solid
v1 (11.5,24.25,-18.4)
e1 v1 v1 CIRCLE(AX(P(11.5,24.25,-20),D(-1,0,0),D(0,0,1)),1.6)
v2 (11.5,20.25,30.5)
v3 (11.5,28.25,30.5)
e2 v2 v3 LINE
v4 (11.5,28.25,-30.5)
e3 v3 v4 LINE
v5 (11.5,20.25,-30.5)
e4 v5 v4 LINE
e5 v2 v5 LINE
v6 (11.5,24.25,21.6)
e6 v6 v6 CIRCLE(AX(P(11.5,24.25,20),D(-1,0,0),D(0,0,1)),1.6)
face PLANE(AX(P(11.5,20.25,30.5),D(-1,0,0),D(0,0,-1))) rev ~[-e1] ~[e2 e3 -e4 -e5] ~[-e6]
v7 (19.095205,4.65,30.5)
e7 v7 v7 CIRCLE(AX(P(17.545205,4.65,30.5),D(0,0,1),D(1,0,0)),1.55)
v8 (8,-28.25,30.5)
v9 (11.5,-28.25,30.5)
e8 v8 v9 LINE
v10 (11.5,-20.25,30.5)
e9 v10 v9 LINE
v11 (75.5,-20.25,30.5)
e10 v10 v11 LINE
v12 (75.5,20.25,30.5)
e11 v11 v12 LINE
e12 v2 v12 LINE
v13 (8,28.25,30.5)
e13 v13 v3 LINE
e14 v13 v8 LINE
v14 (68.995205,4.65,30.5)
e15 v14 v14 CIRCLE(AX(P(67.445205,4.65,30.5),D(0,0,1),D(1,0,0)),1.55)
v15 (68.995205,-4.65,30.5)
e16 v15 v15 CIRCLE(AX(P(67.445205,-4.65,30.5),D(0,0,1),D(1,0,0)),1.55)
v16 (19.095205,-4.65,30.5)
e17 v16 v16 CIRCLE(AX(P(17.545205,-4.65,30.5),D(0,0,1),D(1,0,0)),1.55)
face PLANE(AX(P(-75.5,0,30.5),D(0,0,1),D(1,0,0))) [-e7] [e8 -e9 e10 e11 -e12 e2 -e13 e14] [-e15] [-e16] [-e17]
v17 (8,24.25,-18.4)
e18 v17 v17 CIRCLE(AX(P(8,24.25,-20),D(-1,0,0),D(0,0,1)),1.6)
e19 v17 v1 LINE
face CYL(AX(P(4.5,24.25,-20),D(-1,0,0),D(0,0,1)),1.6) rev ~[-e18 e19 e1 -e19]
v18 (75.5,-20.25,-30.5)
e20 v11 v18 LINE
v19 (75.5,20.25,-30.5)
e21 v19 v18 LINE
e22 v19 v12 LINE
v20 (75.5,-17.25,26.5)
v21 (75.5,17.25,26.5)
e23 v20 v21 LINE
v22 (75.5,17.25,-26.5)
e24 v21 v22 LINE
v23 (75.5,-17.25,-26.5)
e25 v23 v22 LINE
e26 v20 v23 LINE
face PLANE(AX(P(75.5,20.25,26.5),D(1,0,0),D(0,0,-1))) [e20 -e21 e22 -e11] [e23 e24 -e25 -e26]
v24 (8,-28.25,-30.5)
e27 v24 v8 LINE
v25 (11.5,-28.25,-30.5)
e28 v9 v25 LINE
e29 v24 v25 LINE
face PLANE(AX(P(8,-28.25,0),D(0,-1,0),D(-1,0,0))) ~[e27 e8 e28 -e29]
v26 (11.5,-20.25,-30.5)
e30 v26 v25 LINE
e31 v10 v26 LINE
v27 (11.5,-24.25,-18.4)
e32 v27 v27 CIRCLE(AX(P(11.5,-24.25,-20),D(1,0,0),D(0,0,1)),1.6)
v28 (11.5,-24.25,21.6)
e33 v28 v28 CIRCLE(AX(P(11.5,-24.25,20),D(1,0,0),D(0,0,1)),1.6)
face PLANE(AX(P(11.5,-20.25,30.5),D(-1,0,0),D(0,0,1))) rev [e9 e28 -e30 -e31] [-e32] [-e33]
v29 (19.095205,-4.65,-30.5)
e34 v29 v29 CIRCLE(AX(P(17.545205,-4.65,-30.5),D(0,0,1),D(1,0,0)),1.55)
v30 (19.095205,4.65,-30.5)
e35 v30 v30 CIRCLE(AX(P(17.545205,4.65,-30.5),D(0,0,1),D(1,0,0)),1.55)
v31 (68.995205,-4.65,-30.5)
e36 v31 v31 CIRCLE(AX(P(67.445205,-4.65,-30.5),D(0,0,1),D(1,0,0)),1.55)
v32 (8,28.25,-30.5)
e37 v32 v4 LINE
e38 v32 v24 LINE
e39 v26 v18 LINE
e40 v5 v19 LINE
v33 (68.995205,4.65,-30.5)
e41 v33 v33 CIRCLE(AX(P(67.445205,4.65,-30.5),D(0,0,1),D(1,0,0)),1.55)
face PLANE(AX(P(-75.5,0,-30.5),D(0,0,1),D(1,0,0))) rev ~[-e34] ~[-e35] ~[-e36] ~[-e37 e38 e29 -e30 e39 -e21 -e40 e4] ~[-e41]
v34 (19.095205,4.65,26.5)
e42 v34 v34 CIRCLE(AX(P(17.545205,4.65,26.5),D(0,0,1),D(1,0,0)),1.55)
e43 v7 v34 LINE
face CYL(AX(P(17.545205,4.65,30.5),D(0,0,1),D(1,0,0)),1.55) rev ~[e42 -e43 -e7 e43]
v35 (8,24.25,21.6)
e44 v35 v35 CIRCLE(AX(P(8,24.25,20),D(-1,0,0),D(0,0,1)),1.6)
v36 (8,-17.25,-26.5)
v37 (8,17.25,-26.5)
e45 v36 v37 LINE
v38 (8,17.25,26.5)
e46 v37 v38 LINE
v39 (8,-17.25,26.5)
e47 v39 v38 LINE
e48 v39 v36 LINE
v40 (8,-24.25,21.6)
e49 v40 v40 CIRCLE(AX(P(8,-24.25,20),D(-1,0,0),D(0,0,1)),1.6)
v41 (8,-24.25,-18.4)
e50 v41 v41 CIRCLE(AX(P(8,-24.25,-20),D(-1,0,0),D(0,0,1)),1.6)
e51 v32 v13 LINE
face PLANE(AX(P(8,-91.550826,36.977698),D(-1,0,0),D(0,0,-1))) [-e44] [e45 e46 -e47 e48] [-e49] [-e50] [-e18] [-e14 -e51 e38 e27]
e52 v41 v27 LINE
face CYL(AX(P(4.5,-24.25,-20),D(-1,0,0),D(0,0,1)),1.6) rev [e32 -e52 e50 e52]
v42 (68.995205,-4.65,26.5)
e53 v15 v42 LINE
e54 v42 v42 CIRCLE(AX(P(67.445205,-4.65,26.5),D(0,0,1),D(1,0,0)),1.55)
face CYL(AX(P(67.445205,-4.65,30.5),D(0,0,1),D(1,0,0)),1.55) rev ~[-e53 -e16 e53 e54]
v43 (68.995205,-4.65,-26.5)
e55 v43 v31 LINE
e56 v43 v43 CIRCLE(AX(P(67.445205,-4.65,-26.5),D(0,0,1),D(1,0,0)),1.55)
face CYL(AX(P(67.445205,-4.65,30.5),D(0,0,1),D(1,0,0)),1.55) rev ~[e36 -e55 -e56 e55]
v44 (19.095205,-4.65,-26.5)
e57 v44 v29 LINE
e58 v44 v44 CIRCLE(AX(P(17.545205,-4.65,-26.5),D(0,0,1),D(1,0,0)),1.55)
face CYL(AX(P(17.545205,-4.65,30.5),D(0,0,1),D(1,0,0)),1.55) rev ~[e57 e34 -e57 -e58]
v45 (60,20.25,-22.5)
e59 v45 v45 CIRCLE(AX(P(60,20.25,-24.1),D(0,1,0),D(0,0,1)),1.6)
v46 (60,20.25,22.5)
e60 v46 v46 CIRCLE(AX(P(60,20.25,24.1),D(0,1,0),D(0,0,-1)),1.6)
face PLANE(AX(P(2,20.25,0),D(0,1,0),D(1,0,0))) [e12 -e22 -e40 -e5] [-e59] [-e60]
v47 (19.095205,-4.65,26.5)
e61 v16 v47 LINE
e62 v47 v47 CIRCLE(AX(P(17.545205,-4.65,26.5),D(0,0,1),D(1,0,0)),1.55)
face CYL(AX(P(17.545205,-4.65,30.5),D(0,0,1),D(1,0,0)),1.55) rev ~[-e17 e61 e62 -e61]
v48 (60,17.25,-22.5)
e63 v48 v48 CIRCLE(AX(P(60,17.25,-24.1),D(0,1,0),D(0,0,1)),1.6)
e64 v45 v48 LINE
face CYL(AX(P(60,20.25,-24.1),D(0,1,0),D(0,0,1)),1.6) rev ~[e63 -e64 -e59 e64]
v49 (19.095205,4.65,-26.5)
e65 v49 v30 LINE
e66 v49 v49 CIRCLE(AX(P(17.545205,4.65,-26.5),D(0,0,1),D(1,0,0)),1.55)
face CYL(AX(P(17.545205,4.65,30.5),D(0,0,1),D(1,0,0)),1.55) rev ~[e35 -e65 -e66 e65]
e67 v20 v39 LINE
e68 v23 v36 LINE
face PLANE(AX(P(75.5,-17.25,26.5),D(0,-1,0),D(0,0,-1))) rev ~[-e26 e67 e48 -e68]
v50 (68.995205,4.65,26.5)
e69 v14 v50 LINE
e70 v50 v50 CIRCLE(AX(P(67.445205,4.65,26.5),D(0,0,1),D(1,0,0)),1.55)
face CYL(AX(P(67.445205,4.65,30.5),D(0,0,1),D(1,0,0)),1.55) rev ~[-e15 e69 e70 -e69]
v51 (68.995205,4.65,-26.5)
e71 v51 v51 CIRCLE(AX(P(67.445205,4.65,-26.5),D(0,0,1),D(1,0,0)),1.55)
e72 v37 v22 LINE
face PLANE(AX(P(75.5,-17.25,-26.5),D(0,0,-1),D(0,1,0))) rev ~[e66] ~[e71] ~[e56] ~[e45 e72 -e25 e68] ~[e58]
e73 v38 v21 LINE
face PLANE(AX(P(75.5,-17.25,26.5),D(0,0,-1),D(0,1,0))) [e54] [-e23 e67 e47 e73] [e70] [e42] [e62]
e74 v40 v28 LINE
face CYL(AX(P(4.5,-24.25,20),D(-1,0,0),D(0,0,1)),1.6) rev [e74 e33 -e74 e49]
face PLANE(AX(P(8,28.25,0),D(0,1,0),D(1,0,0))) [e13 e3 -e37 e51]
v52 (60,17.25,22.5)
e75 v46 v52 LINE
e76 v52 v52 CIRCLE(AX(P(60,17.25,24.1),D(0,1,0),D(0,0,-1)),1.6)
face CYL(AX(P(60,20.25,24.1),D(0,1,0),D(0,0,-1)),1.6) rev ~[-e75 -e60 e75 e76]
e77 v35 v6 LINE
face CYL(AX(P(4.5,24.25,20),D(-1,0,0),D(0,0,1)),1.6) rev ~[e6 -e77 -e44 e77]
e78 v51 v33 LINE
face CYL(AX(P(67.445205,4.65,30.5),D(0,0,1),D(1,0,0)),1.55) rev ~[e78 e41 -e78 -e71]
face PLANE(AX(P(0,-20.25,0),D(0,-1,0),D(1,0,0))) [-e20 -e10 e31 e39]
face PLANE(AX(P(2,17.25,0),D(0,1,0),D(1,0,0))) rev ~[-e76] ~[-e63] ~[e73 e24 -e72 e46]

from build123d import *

# Parameters (mm, degrees)
SKETCH1_W                = 151
SKETCH1_H                = 61
SKETCH1_W_2              = 143
SKETCH1_H_2              = 53
BOSS_EXTRUDE1_DEPTH      = 20.25
SKETCH2_W                = 143
SKETCH2_H                = 53
BOSS_EXTRUDE2_DEPTH      = 3
SKETCH7_W                = 53
SKETCH7_H                = 37.5
CUT_EXTRUDE3_DEPTH       = 4
SKETCH9_W                = 147
SKETCH9_H                = 53
BOSS_EXTRUDE3_DEPTH      = 3
CUT_EXTRUDE4_REACH       = 92.944
SKETCH10_R               = 1.6
SKETCH12_R               = 1.55
CUT_EXTRUDE6_DEPTH       = 100.152975245
SKETCH13_W               = 7
SKETCH13_H               = 19.36
BOSS_EXTRUDE4_DEPTH      = 2
SKETCH16_R               = 1.6
CUT_EXTRUDE7_DEPTH       = 10
SKETCH17_W               = 7
SKETCH17_H               = 15
SKETCH17_R               = 2
BOSS_EXTRUDE5_DEPTH      = 3
SKETCH18_R               = 1.6
CUT_EXTRUDE8_DEPTH       = 10
SKETCH19_W               = 25
SKETCH19_H               = 12
CUT_EXTRUDE9_DEPTH       = 105.834164756
SKETCH20_W               = 7
SKETCH20_H               = 61
BOSS_EXTRUDE6_DEPTH      = 8
CUT_EXTRUDE10_REACH      = 96.336
SKETCH21_R               = 1.6
CUT_EXTRUDE11_DEPTH      = 91.550826059
CUT_EXTRUDE11_DEPTH_BACK = 91.550826059
SKETCH22_W               = 90.903507757
SKETCH22_H               = 73.955491088


with BuildPart() as part:
    # Sketch1 → Boss-Extrude1 (new, symmetric)
    with BuildSketch(Plane(origin=(0, 0, 0), x_dir=(1, 0, 0), z_dir=(0, 1, 0))):
        Rectangle(SKETCH1_W, SKETCH1_H)
        Rectangle(SKETCH1_W_2, SKETCH1_H_2, mode=Mode.SUBTRACT)
    extrude(amount=BOSS_EXTRUDE1_DEPTH, both=True)

    # Sketch2 → Boss-Extrude2 (add)
    with BuildSketch(Plane.XZ.offset(20.25)):
        Rectangle(SKETCH2_W, SKETCH2_H)
    extrude(amount=-BOSS_EXTRUDE2_DEPTH)

    # Sketch7 → Cut-Extrude3 (cut)
    with BuildSketch(Plane(origin=(75.5, 0, 0), x_dir=(0, 0, -1), z_dir=(1, 0, 0))):
        with Locations((0, 1.5)):
            Rectangle(SKETCH7_W, SKETCH7_H)
    extrude(amount=-CUT_EXTRUDE3_DEPTH, mode=Mode.SUBTRACT)

    # Sketch9 → Boss-Extrude3 (add)
    with BuildSketch(Plane(origin=(0, 20.25, 0), x_dir=(1, 0, 0), z_dir=(0, 1, 0))):
        with Locations((2, 0)):
            Rectangle(SKETCH9_W, SKETCH9_H)
    extrude(amount=-BOSS_EXTRUDE3_DEPTH)

    # Sketch10 → Cut-Extrude4 (cut, up to next)
    with BuildSketch(Plane(origin=(0, 20.25, 0), x_dir=(1, 0, 0), z_dir=(0, 1, 0)), mode=Mode.PRIVATE) as cut_extrude4_sk1:
        with Locations(Location((60, 24.1, 0), (0, 0, 270))):
            Circle(SKETCH10_R)
    cut_extrude4_tool1 = extrude(cut_extrude4_sk1.sketch, amount=-CUT_EXTRUDE4_REACH, mode=Mode.PRIVATE) & part.part
    # Sketch10 → Cut-Extrude4 (cut, up to next)
    with BuildSketch(Plane(origin=(0, 20.25, 0), x_dir=(1, 0, 0), z_dir=(0, 1, 0)), mode=Mode.PRIVATE) as cut_extrude4_sk2:
        with Locations(Location((60, -24.1, 0), (0, 0, 90))):
            Circle(SKETCH10_R)
    cut_extrude4_tool2 = extrude(cut_extrude4_sk2.sketch, amount=-CUT_EXTRUDE4_REACH, mode=Mode.PRIVATE) & part.part
    # Sketch10 → Cut-Extrude4 (cut, up to next)
    with BuildSketch(Plane(origin=(0, 20.25, 0), x_dir=(1, 0, 0), z_dir=(0, 1, 0)), mode=Mode.PRIVATE) as cut_extrude4_sk3:
        with Locations(Location((-6.04, 21, 0), (0, 0, 270))):
            Circle(SKETCH10_R)
    cut_extrude4_tool3 = extrude(cut_extrude4_sk3.sketch, amount=-CUT_EXTRUDE4_REACH, mode=Mode.PRIVATE) & part.part
    # Sketch10 → Cut-Extrude4 (cut, up to next)
    with BuildSketch(Plane(origin=(0, 20.25, 0), x_dir=(1, 0, 0), z_dir=(0, 1, 0)), mode=Mode.PRIVATE) as cut_extrude4_sk4:
        with Locations(Location((-6.04, -21, 0), (0, 0, 90))):
            Circle(SKETCH10_R)
    cut_extrude4_tool4 = extrude(cut_extrude4_sk4.sketch, amount=-CUT_EXTRUDE4_REACH, mode=Mode.PRIVATE) & part.part
    add(cut_extrude4_tool1.solids().sort_by_distance((60, 20.25, -24.1))[0], mode=Mode.SUBTRACT)
    add(cut_extrude4_tool2.solids().sort_by_distance((60, 20.25, 24.1))[0], mode=Mode.SUBTRACT)
    add(cut_extrude4_tool3.solids().sort_by_distance((-6.04, 20.25, -21))[0], mode=Mode.SUBTRACT)
    add(cut_extrude4_tool4.solids().sort_by_distance((-6.04, 20.25, 21))[0], mode=Mode.SUBTRACT)

    # Sketch12 → Cut-Extrude6 (cut, through all)
    with BuildSketch(Plane.XY.offset(30.5)):
        with Locations((67.445205237, 4.65)):
            Circle(SKETCH12_R)
        with Locations((67.445205237, -4.65)):
            Circle(SKETCH12_R)
        with Locations((17.545205237, 4.65)):
            Circle(SKETCH12_R)
        with Locations((17.545205237, -4.65)):
            Circle(SKETCH12_R)
    extrude(amount=-CUT_EXTRUDE6_DEPTH, mode=Mode.SUBTRACT)

    # Sketch13 → Boss-Extrude4 (add)
    with BuildSketch(Plane.XY.offset(17)):
        with Locations((-69.37, 29.93)):
            Rectangle(SKETCH13_W, SKETCH13_H)
    boss_extrude4 = extrude(amount=BOSS_EXTRUDE4_DEPTH)

    # Sketch16 → Cut-Extrude7 (cut)
    with BuildSketch(Plane.XY.offset(19)):
        with Locations((-69.262241782, 24.85)):
            Circle(SKETCH16_R)
        with Locations((-69.262241782, 34.85)):
            Circle(SKETCH16_R)
    cut_extrude7 = extrude(amount=-CUT_EXTRUDE7_DEPTH, mode=Mode.SUBTRACT)

    # Mirror1: Boss-Extrude4, Cut-Extrude7 across plane
    add(boss_extrude4.mirror(Plane(origin=(-44.87, 0, 0), x_dir=(0, 0, 1), z_dir=(1, 0, 0))))
    add(cut_extrude7.mirror(Plane(origin=(-44.87, 0, 0), x_dir=(0, 0, 1), z_dir=(1, 0, 0))), mode=Mode.SUBTRACT)

    # Sketch17 → Boss-Extrude5 (add)
    with BuildSketch(Plane(origin=(0, 0, -30.5), x_dir=(-1, 0, 0), z_dir=(0, 0, -1))):
        with Locations((55.31, 27.75)):
            Rectangle(SKETCH17_W, SKETCH17_H)
        with Locations((55.31, 30.15)):
            Circle(SKETCH17_R, mode=Mode.SUBTRACT)
    extrude(amount=-BOSS_EXTRUDE5_DEPTH)

    # Sketch18 → Cut-Extrude8 (cut)
    with BuildSketch(Plane.XZ.offset(20.25)):
        with Locations(Location((-56.5, 20, 0), (0, 0, 270))):
            Circle(SKETCH18_R)
        with Locations(Location((-56.5, -20, 0), (0, 0, 270))):
            Circle(SKETCH18_R)
    extrude(amount=-CUT_EXTRUDE8_DEPTH, mode=Mode.SUBTRACT)

    # Sketch19 → Cut-Extrude9 (cut, through all)
    with BuildSketch(Plane.XY.offset(30.5)):
        with Locations((-56, -11.25)):
            Rectangle(SKETCH19_W, SKETCH19_H)
    extrude(amount=-CUT_EXTRUDE9_DEPTH, mode=Mode.SUBTRACT)

    # Sketch20 → Boss-Extrude6 (add)
    with BuildSketch(Plane(origin=(0, 20.25, 0), x_dir=(1, 0, 0), z_dir=(0, 1, 0))):
        with Locations((8, 0)):
            Rectangle(SKETCH20_W, SKETCH20_H)
    boss_extrude6 = extrude(amount=BOSS_EXTRUDE6_DEPTH)

    # Sketch21 → Cut-Extrude10 (cut, up to next)
    with BuildSketch(Plane.ZY.offset(-4.5), mode=Mode.PRIVATE) as cut_extrude10_sk1:
        with Locations((-20, 24.25)):
            Circle(SKETCH21_R)
    cut_extrude10_tool1 = extrude(cut_extrude10_sk1.sketch, amount=-CUT_EXTRUDE10_REACH, mode=Mode.PRIVATE) & part.part
    # Sketch21 → Cut-Extrude10 (cut, up to next)
    with BuildSketch(Plane.ZY.offset(-4.5), mode=Mode.PRIVATE) as cut_extrude10_sk2:
        with Locations((20, 24.25)):
            Circle(SKETCH21_R)
    cut_extrude10_tool2 = extrude(cut_extrude10_sk2.sketch, amount=-CUT_EXTRUDE10_REACH, mode=Mode.PRIVATE) & part.part
    cut_extrude10_1 = cut_extrude10_tool1.solids().sort_by_distance((4.5, 24.25, -20))[0]
    add(cut_extrude10_1, mode=Mode.SUBTRACT)
    cut_extrude10_2 = cut_extrude10_tool2.solids().sort_by_distance((4.5, 24.25, 20))[0]
    add(cut_extrude10_2, mode=Mode.SUBTRACT)
    cut_extrude10 = cut_extrude10_1 + cut_extrude10_2  # Cut-Extrude10 as one shape, for the pattern or mirror that repeats it

    # Mirror2: Boss-Extrude6, Cut-Extrude10 across plane
    add(boss_extrude6.mirror(Plane.ZX))
    add(cut_extrude10.mirror(Plane.ZX), mode=Mode.SUBTRACT)

    # Sketch22 → Cut-Extrude11 (cut, two sides: drawn at the far end of the back side and taken through both)
    with BuildSketch(Plane(origin=(0, 0, 0), x_dir=(1, 0, 0), z_dir=(0, 1, 0)).offset(-CUT_EXTRUDE11_DEPTH_BACK)):
        with Locations((-37.451753878, 4.7681e-05)):
            Rectangle(SKETCH22_W, SKETCH22_H)
    extrude(amount=CUT_EXTRUDE11_DEPTH + CUT_EXTRUDE11_DEPTH_BACK, mode=Mode.SUBTRACT)


solid = part.part
